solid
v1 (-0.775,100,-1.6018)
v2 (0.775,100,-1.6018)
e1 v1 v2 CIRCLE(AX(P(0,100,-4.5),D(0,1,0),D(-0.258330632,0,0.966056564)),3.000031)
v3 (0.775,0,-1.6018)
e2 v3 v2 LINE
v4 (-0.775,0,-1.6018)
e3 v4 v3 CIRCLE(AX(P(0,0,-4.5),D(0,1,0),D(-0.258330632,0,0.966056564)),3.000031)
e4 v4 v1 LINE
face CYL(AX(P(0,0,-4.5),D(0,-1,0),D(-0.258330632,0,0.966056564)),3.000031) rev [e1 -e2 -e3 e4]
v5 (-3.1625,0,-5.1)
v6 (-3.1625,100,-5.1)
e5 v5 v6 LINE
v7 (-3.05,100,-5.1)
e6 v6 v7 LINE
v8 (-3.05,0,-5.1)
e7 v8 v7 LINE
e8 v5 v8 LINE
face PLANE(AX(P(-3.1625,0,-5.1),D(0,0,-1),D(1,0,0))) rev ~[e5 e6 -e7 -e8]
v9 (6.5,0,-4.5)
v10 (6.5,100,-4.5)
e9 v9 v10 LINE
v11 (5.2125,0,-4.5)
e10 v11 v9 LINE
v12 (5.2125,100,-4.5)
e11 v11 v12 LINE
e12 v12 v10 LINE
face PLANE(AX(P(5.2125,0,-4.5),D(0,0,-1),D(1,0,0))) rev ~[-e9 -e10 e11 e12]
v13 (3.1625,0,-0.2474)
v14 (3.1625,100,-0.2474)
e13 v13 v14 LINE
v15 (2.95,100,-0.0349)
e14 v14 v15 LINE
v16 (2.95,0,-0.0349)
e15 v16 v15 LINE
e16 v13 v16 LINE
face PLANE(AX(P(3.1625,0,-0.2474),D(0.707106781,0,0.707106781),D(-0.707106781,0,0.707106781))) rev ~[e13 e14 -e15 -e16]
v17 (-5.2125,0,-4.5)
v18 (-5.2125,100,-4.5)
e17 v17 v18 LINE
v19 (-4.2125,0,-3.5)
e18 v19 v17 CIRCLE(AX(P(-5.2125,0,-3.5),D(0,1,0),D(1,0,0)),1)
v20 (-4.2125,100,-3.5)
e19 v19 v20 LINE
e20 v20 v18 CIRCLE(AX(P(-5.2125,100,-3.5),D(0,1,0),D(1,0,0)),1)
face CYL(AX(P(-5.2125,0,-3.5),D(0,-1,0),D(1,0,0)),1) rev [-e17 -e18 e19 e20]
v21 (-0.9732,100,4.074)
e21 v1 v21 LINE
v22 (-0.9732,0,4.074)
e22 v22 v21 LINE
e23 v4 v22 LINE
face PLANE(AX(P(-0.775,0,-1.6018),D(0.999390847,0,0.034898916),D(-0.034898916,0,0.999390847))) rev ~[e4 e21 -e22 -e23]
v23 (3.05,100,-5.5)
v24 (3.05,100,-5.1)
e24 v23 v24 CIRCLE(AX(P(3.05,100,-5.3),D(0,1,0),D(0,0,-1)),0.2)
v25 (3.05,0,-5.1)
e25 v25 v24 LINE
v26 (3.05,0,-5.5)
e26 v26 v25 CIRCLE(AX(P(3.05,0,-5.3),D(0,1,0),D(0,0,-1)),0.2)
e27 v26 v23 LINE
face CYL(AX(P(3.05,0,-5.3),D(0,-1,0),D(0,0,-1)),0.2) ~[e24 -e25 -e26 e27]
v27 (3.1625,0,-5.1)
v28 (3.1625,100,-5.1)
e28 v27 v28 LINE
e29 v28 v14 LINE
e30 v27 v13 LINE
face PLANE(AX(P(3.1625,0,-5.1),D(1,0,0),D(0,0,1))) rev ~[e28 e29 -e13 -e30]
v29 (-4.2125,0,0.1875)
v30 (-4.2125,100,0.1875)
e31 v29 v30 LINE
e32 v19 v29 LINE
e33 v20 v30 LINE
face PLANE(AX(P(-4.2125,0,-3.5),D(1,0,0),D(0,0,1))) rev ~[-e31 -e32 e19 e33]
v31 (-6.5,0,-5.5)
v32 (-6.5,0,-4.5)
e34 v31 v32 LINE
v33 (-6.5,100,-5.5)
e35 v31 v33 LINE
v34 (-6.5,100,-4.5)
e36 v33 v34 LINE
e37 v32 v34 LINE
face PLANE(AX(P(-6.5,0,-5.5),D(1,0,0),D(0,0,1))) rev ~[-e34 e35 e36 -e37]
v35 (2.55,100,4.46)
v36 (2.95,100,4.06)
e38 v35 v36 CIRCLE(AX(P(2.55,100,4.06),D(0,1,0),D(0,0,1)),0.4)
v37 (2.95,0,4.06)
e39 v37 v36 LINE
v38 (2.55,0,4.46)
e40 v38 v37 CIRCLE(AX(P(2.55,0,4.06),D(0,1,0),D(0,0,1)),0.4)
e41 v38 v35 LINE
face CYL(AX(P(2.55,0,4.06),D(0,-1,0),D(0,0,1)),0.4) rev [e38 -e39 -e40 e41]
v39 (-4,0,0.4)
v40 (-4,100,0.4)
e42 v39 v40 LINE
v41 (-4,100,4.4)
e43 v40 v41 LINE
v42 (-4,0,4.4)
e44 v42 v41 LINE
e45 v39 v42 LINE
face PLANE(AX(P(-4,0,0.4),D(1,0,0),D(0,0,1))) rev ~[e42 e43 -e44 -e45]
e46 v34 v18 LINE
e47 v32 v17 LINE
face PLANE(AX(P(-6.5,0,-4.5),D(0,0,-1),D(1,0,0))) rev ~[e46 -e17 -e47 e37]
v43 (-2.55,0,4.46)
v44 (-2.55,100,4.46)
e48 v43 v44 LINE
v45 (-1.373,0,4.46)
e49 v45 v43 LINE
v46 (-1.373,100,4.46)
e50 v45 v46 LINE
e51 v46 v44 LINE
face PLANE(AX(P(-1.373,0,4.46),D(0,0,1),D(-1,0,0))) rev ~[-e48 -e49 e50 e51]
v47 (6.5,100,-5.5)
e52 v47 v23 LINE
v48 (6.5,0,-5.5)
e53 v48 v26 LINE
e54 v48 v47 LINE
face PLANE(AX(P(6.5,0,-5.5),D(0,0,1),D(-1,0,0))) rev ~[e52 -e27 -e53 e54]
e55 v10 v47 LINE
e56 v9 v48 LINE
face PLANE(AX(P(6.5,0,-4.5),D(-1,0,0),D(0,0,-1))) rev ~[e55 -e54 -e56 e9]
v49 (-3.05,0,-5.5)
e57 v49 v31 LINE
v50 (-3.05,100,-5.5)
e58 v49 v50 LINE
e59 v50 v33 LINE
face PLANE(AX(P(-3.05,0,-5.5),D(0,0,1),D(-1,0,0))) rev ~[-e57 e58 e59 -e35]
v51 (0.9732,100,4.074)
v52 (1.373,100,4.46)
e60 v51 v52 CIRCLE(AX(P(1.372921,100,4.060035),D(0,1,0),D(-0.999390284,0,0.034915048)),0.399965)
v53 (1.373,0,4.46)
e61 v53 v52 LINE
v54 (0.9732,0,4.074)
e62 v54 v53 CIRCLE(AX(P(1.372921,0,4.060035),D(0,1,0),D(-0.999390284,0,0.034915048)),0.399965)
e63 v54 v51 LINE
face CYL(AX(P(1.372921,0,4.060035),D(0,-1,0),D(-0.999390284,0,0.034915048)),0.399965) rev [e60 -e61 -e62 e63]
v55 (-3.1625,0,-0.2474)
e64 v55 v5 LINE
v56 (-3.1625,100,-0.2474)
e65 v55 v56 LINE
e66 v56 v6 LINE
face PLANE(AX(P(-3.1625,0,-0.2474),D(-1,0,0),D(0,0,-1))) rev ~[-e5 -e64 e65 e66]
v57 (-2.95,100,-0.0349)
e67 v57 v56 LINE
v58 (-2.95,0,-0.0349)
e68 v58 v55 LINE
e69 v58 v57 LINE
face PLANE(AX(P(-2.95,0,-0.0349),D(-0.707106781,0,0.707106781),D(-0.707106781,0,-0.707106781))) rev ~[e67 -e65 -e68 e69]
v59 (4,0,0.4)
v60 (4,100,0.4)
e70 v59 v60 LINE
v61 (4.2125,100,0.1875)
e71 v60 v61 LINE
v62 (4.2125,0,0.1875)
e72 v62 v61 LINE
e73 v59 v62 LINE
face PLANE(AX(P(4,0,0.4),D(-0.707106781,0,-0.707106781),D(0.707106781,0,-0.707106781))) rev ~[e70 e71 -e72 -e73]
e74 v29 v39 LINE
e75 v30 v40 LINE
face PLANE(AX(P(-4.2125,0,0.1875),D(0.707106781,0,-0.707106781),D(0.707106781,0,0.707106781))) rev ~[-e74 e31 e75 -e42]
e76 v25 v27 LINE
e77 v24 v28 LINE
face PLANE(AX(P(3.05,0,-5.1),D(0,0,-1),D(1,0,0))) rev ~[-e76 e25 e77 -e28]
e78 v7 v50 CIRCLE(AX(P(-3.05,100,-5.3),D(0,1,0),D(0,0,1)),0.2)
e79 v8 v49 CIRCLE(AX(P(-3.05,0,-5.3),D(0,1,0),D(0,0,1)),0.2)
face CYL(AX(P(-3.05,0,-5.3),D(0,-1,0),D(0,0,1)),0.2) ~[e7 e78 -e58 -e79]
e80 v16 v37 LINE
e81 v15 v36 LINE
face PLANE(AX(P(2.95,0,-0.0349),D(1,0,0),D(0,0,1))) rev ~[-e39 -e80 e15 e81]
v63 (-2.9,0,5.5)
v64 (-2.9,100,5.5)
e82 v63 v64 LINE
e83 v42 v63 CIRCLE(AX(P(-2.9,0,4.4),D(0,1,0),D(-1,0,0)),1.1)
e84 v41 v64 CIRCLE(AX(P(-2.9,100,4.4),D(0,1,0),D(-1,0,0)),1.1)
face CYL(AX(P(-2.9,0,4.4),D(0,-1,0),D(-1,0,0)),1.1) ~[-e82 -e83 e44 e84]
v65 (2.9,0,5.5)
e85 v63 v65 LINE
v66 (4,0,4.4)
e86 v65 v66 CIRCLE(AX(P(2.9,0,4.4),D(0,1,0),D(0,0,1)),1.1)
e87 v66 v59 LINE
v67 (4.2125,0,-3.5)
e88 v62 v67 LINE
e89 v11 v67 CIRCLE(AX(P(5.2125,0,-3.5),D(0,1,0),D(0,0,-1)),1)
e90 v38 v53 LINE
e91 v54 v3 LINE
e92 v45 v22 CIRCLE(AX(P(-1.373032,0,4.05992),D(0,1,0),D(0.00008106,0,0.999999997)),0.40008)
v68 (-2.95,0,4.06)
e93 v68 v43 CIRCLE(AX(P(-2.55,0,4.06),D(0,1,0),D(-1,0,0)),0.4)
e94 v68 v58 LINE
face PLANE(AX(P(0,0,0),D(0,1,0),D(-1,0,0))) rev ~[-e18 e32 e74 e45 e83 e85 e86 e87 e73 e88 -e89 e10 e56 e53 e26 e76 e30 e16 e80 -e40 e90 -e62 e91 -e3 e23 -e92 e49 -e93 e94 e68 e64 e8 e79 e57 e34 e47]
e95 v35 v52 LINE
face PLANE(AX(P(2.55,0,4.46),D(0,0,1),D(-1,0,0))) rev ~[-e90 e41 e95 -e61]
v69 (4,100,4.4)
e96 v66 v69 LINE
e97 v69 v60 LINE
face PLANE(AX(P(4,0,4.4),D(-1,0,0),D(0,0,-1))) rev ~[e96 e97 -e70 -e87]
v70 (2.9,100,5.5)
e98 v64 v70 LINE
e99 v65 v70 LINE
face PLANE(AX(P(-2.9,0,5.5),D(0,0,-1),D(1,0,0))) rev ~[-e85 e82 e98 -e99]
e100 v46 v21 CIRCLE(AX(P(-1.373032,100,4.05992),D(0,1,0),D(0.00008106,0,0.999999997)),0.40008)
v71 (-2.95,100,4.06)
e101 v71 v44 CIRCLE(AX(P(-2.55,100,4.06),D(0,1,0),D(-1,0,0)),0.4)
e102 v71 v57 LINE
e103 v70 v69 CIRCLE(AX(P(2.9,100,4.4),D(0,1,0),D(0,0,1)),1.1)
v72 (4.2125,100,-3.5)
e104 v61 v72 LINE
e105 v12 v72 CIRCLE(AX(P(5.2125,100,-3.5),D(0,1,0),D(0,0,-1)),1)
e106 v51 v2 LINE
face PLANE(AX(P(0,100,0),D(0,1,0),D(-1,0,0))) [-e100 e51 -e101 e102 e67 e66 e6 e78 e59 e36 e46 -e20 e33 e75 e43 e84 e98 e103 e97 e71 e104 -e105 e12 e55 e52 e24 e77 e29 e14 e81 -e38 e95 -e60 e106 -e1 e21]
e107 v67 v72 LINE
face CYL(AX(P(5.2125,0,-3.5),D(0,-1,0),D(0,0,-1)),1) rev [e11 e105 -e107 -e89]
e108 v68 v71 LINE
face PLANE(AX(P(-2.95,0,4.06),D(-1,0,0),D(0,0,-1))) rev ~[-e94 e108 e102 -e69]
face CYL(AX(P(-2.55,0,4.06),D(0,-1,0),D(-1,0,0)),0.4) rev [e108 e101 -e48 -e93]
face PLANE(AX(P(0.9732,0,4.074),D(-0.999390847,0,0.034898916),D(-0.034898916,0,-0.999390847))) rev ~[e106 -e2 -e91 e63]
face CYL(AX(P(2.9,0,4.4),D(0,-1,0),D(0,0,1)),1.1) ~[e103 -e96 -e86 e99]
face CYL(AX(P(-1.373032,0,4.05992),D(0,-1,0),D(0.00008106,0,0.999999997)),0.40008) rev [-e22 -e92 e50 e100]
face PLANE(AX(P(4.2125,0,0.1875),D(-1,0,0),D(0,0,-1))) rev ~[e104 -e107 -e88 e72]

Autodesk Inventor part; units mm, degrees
ref_plane "YZ Plane" through (0, 0, 0) normal (1, 0, 0) x (0, 1, 0)
ref_plane "Start Plane" through (0, 0, 0) normal (0, 1, 0) x (-1, 0, 0)
ref_plane "End Plane" through (0, 100, 0) normal (0, 1, 0) x (-1, 0, 0)
sketch "Sketch1" plane through (0, 0, 0) normal (0, 1, 0) x (-1, 0, 0)
  arc A0 (-3.05, -5.5) -> (-3.05, -5.1) centre (-3.05, -5.3) ccw
  line L0 (-3.05, -5.1) -> (-3.1625, -5.1)
  line L1 (-3.1625, -5.1) -> (-3.1625, -0.2474)
  line L2 (-3.1625, -0.2474) -> (-2.95, -0.0349)
  line L3 (-2.95, -0.0349) -> (-2.95, 4.06)
  arc A1 (-2.55, 4.46) -> (-2.95, 4.06) centre (-2.55, 4.06) ccw
  line L4 (-2.55, 4.46) -> (-1.373, 4.46)
  arc A2 (-0.9732, 4.074) -> (-1.373, 4.46) centre (-1.373, 4.06) ccw
  line L5 (-0.9732, 4.074) -> (-0.775, -1.6018)
  arc A3 (0.775, -1.6018) -> (-0.775, -1.6018) centre (0, -4.5) ccw
  line L6 (0.775, -1.6018) -> (0.9732, 4.074)
  arc A4 (1.373, 4.46) -> (0.9732, 4.074) centre (1.373, 4.06) ccw
  line L7 (1.373, 4.46) -> (2.55, 4.46)
  arc A5 (2.95, 4.06) -> (2.55, 4.46) centre (2.55, 4.06) ccw
  line L8 (2.95, 4.06) -> (2.95, -0.0349)
  line L9 (2.95, -0.0349) -> (3.1625, -0.2474)
  line L10 (3.1625, -0.2474) -> (3.1625, -5.1)
  line L11 (3.1625, -5.1) -> (3.05, -5.1)
  arc A6 (3.05, -5.1) -> (3.05, -5.5) centre (3.05, -5.3) ccw
  line L12 (3.05, -5.5) -> (6.5, -5.5)
  line L13 (6.5, -5.5) -> (6.5, -4.5)
  line L14 (6.5, -4.5) -> (5.2125, -4.5)
  arc A7 (4.2125, -3.5) -> (5.2125, -4.5) centre (5.2125, -3.5) ccw
  line L15 (4.2125, -3.5) -> (4.2125, 0.1875)
  line L16 (4.2125, 0.1875) -> (4, 0.4)
  line L17 (4, 0.4) -> (4, 4.4)
  arc A8 (4, 4.4) -> (2.9, 5.5) centre (2.9, 4.4) ccw
  line L18 (2.9, 5.5) -> (-2.9, 5.5)
  arc A9 (-2.9, 5.5) -> (-4, 4.4) centre (-2.9, 4.4) ccw
  line L19 (-4, 4.4) -> (-4, 0.4)
  line L20 (-4, 0.4) -> (-4.2125, 0.1875)
  line L21 (-4.2125, 0.1875) -> (-4.2125, -3.5)
  arc A10 (-5.2125, -4.5) -> (-4.2125, -3.5) centre (-5.2125, -3.5) ccw
  line L22 (-5.2125, -4.5) -> (-6.5, -4.5)
  line L23 (-6.5, -4.5) -> (-6.5, -5.5)
  line L24 (-6.5, -5.5) -> (-3.05, -5.5)
  point P0 (0, 0)
extrude "Body" add sketch "Sketch1" along normal up to surface (100 mm away) from surface at 0
sketch "Sketch2" plane through (0, 0, 0) normal (0, 1, 0) x (-1, 0, 0)
  line L0 (0, 0) -> (10, 0)
ref_plane "Work Plane3" through (0, 0, 0) normal (0, 0, -1) x (-1, 0, 0)
sketch "Sketch3" plane through (0, 0, 0) normal (0, 0, -1) x (-1, 0, 0)
  line L0 (-9.8, 0) -> (13.3, 0)
  line L1 (-9.8, 100) -> (13.3, 100)
  dimension "d7" = 100
equation "\"G_OFFSET_START\" = 0"
equation "\"G_OFFSET_END\" = 0"
equation "\"G_L\" = d7"
properties part number "13-106"
